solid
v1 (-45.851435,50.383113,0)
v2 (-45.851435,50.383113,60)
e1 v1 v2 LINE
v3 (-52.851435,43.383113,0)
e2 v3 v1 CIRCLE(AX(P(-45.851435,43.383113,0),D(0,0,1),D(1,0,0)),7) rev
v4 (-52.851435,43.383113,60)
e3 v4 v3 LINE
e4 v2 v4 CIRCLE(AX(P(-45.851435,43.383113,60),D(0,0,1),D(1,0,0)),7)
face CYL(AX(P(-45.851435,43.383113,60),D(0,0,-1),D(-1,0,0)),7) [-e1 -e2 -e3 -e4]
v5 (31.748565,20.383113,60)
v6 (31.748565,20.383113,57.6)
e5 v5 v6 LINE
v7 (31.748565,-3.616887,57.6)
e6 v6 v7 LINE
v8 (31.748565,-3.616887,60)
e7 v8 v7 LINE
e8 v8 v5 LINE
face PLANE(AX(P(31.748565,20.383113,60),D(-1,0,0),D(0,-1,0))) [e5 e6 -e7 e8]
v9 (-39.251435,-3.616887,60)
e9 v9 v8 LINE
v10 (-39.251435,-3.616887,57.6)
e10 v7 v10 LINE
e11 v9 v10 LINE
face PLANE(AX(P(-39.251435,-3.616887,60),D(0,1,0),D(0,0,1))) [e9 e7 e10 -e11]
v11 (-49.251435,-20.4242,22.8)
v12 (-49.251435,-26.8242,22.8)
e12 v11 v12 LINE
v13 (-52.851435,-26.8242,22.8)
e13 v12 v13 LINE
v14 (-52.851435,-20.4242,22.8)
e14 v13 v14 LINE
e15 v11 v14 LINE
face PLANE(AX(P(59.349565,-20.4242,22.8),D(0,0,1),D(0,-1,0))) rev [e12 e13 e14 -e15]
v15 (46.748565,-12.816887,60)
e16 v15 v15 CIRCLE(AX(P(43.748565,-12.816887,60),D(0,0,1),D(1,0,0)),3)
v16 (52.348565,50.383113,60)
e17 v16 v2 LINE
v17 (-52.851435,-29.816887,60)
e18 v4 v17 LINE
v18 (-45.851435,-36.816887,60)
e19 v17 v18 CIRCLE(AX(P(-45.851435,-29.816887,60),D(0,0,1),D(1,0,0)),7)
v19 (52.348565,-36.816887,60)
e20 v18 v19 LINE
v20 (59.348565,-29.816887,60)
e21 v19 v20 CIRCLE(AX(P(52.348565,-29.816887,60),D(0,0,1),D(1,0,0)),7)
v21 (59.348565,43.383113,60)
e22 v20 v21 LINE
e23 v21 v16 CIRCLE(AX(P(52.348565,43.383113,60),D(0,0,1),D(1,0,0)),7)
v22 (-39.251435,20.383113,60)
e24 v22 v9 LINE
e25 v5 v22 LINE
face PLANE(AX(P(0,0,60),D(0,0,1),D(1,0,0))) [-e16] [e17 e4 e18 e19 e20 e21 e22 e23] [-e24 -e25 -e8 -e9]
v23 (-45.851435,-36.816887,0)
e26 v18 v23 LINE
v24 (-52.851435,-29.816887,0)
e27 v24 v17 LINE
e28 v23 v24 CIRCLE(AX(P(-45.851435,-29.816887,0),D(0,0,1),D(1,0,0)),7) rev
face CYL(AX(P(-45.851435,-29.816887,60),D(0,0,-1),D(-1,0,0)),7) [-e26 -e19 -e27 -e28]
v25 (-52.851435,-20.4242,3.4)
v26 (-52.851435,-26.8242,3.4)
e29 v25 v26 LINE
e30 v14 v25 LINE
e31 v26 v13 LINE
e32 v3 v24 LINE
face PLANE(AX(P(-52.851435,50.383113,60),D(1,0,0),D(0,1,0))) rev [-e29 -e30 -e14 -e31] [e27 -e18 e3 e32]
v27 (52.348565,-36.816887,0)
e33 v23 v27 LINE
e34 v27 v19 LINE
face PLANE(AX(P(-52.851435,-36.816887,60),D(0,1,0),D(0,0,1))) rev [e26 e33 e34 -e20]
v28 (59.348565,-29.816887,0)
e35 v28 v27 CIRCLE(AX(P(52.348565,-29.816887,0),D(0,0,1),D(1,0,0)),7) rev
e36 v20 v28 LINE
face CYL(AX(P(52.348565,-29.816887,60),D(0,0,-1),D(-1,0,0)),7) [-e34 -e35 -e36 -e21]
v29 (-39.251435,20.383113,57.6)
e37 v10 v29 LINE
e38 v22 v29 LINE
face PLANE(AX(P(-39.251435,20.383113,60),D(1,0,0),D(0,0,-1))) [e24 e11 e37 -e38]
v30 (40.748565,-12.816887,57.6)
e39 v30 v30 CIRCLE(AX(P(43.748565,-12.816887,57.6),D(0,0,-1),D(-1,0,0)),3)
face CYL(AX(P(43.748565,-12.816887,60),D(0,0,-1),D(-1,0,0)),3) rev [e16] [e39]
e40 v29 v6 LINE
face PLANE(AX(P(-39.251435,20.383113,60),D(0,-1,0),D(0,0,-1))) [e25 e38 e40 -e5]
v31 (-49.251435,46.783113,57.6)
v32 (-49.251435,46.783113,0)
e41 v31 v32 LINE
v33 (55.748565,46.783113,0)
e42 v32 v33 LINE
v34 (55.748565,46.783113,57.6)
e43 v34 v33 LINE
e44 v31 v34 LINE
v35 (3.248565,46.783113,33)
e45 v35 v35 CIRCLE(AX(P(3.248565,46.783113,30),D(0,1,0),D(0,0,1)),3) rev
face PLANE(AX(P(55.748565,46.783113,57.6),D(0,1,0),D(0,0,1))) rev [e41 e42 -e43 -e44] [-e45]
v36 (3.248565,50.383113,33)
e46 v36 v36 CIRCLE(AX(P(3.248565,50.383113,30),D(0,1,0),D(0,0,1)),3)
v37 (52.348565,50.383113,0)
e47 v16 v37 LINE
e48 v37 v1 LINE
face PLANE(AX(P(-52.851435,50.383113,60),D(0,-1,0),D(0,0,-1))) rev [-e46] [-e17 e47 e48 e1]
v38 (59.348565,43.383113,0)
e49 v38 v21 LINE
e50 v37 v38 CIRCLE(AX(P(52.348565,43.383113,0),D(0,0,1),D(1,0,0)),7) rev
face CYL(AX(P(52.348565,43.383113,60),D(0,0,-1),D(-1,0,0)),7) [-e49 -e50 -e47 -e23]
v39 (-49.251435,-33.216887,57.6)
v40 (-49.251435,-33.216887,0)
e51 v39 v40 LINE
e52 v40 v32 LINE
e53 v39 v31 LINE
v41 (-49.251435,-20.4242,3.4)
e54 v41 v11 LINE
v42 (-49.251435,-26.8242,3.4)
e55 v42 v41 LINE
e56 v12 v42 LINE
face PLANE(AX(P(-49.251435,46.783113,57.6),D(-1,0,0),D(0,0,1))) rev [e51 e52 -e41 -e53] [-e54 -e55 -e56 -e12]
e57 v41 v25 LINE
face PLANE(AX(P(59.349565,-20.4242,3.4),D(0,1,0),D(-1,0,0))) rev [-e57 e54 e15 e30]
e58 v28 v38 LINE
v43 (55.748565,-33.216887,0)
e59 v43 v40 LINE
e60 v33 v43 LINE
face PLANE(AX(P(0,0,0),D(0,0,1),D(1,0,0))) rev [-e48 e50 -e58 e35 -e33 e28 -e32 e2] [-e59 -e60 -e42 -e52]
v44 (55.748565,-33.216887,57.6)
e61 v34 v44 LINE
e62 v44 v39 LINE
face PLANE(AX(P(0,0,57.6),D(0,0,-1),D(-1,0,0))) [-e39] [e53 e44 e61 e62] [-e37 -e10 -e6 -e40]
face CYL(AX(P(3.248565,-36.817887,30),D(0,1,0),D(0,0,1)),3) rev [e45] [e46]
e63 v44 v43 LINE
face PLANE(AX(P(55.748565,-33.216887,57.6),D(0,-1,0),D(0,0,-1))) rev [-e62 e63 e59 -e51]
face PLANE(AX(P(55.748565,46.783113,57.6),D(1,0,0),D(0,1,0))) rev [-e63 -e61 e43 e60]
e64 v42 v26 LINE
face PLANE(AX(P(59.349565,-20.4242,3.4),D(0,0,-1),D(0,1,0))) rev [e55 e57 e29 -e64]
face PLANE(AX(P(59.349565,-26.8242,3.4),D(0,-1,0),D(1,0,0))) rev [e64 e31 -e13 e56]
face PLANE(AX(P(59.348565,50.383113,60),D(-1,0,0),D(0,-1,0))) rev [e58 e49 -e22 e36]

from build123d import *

# Parameters (mm, degrees)
SKETCH2_W           = 112.2
SKETCH2_H           = 87.2
SKETCH2_R           = 3
SKETCH2_W_2         = 71
SKETCH2_H_2         = 24
BOSS_EXTRUDE2_DEPTH = 60
SKETCH6_W           = 105
SKETCH6_H           = 80
CUT_EXTRUDE4_DEPTH  = 57.6
FILLET2_R           = 7
CUT_EXTRUDE5_REACH  = 89.2
SKETCH7_R           = 3
CUT_EXTRUDE6_REACH  = 114.2
SKETCH8_W           = 19.4
SKETCH8_H           = 6.4


with BuildPart() as part:
    # Sketch2 → Boss-Extrude2 (new body)
    with BuildSketch(Plane.XY):
        with Locations((3.248565438, 6.783112604)):
            Rectangle(SKETCH2_W, SKETCH2_H)
        with Locations((43.748565438, -12.816887396)):
            Circle(SKETCH2_R, mode=Mode.SUBTRACT)
        with Locations((-3.751434562, 8.383112604)):
            Rectangle(SKETCH2_W_2, SKETCH2_H_2, mode=Mode.SUBTRACT)
    extrude(amount=BOSS_EXTRUDE2_DEPTH)

    # Sketch6 → Cut-Extrude4 (cut)
    with BuildSketch(Plane(origin=(0, 0, 0), x_dir=(-1, 0, 0), z_dir=(0, 0, -1))):
        with Locations((-3.248565438, 6.783112604)):
            Rectangle(SKETCH6_W, SKETCH6_H)
    extrude(amount=-CUT_EXTRUDE4_DEPTH, mode=Mode.SUBTRACT)

    # Fillet2
    fillet2_edges = [part.edges().sort_by_distance(p)[0] for p in [
        (-52.851434562, 50.383112604, 30),
        (59.348565438, 50.383112604, 30),
        (59.348565438, -36.816887396, 30),
        (-52.851434562, -36.816887396, 30),
    ]]
    fillet(fillet2_edges, radius=FILLET2_R)

    # Sketch7 → Cut-Extrude5 (cut, up to next)
    with BuildSketch(Plane(origin=(0, 50.383112604, 0), x_dir=(1, 0, 0), z_dir=(0, 1, 0)), mode=Mode.PRIVATE) as cut_extrude5_sk1:
        with Locations((3.248565438, -30)):
            Circle(SKETCH7_R)
    cut_extrude5_tool1 = extrude(cut_extrude5_sk1.sketch, amount=-CUT_EXTRUDE5_REACH, mode=Mode.PRIVATE) & part.part
    add(cut_extrude5_tool1.solids().sort_by_distance((3.248565, 50.383113, 30))[0], mode=Mode.SUBTRACT)

    # Sketch8 → Cut-Extrude6 (cut, up to next)
    with BuildSketch(Plane.ZY.offset(52.851434562), mode=Mode.PRIVATE) as cut_extrude6_sk1:
        with Locations((13.1, -23.624199851)):
            Rectangle(SKETCH8_W, SKETCH8_H)
    cut_extrude6_tool1 = extrude(cut_extrude6_sk1.sketch, amount=-CUT_EXTRUDE6_REACH, mode=Mode.PRIVATE) & part.part
    add(cut_extrude6_tool1.solids().sort_by_distance((-52.851435, -23.6242, 13.1))[0], mode=Mode.SUBTRACT)


solid = part.part
